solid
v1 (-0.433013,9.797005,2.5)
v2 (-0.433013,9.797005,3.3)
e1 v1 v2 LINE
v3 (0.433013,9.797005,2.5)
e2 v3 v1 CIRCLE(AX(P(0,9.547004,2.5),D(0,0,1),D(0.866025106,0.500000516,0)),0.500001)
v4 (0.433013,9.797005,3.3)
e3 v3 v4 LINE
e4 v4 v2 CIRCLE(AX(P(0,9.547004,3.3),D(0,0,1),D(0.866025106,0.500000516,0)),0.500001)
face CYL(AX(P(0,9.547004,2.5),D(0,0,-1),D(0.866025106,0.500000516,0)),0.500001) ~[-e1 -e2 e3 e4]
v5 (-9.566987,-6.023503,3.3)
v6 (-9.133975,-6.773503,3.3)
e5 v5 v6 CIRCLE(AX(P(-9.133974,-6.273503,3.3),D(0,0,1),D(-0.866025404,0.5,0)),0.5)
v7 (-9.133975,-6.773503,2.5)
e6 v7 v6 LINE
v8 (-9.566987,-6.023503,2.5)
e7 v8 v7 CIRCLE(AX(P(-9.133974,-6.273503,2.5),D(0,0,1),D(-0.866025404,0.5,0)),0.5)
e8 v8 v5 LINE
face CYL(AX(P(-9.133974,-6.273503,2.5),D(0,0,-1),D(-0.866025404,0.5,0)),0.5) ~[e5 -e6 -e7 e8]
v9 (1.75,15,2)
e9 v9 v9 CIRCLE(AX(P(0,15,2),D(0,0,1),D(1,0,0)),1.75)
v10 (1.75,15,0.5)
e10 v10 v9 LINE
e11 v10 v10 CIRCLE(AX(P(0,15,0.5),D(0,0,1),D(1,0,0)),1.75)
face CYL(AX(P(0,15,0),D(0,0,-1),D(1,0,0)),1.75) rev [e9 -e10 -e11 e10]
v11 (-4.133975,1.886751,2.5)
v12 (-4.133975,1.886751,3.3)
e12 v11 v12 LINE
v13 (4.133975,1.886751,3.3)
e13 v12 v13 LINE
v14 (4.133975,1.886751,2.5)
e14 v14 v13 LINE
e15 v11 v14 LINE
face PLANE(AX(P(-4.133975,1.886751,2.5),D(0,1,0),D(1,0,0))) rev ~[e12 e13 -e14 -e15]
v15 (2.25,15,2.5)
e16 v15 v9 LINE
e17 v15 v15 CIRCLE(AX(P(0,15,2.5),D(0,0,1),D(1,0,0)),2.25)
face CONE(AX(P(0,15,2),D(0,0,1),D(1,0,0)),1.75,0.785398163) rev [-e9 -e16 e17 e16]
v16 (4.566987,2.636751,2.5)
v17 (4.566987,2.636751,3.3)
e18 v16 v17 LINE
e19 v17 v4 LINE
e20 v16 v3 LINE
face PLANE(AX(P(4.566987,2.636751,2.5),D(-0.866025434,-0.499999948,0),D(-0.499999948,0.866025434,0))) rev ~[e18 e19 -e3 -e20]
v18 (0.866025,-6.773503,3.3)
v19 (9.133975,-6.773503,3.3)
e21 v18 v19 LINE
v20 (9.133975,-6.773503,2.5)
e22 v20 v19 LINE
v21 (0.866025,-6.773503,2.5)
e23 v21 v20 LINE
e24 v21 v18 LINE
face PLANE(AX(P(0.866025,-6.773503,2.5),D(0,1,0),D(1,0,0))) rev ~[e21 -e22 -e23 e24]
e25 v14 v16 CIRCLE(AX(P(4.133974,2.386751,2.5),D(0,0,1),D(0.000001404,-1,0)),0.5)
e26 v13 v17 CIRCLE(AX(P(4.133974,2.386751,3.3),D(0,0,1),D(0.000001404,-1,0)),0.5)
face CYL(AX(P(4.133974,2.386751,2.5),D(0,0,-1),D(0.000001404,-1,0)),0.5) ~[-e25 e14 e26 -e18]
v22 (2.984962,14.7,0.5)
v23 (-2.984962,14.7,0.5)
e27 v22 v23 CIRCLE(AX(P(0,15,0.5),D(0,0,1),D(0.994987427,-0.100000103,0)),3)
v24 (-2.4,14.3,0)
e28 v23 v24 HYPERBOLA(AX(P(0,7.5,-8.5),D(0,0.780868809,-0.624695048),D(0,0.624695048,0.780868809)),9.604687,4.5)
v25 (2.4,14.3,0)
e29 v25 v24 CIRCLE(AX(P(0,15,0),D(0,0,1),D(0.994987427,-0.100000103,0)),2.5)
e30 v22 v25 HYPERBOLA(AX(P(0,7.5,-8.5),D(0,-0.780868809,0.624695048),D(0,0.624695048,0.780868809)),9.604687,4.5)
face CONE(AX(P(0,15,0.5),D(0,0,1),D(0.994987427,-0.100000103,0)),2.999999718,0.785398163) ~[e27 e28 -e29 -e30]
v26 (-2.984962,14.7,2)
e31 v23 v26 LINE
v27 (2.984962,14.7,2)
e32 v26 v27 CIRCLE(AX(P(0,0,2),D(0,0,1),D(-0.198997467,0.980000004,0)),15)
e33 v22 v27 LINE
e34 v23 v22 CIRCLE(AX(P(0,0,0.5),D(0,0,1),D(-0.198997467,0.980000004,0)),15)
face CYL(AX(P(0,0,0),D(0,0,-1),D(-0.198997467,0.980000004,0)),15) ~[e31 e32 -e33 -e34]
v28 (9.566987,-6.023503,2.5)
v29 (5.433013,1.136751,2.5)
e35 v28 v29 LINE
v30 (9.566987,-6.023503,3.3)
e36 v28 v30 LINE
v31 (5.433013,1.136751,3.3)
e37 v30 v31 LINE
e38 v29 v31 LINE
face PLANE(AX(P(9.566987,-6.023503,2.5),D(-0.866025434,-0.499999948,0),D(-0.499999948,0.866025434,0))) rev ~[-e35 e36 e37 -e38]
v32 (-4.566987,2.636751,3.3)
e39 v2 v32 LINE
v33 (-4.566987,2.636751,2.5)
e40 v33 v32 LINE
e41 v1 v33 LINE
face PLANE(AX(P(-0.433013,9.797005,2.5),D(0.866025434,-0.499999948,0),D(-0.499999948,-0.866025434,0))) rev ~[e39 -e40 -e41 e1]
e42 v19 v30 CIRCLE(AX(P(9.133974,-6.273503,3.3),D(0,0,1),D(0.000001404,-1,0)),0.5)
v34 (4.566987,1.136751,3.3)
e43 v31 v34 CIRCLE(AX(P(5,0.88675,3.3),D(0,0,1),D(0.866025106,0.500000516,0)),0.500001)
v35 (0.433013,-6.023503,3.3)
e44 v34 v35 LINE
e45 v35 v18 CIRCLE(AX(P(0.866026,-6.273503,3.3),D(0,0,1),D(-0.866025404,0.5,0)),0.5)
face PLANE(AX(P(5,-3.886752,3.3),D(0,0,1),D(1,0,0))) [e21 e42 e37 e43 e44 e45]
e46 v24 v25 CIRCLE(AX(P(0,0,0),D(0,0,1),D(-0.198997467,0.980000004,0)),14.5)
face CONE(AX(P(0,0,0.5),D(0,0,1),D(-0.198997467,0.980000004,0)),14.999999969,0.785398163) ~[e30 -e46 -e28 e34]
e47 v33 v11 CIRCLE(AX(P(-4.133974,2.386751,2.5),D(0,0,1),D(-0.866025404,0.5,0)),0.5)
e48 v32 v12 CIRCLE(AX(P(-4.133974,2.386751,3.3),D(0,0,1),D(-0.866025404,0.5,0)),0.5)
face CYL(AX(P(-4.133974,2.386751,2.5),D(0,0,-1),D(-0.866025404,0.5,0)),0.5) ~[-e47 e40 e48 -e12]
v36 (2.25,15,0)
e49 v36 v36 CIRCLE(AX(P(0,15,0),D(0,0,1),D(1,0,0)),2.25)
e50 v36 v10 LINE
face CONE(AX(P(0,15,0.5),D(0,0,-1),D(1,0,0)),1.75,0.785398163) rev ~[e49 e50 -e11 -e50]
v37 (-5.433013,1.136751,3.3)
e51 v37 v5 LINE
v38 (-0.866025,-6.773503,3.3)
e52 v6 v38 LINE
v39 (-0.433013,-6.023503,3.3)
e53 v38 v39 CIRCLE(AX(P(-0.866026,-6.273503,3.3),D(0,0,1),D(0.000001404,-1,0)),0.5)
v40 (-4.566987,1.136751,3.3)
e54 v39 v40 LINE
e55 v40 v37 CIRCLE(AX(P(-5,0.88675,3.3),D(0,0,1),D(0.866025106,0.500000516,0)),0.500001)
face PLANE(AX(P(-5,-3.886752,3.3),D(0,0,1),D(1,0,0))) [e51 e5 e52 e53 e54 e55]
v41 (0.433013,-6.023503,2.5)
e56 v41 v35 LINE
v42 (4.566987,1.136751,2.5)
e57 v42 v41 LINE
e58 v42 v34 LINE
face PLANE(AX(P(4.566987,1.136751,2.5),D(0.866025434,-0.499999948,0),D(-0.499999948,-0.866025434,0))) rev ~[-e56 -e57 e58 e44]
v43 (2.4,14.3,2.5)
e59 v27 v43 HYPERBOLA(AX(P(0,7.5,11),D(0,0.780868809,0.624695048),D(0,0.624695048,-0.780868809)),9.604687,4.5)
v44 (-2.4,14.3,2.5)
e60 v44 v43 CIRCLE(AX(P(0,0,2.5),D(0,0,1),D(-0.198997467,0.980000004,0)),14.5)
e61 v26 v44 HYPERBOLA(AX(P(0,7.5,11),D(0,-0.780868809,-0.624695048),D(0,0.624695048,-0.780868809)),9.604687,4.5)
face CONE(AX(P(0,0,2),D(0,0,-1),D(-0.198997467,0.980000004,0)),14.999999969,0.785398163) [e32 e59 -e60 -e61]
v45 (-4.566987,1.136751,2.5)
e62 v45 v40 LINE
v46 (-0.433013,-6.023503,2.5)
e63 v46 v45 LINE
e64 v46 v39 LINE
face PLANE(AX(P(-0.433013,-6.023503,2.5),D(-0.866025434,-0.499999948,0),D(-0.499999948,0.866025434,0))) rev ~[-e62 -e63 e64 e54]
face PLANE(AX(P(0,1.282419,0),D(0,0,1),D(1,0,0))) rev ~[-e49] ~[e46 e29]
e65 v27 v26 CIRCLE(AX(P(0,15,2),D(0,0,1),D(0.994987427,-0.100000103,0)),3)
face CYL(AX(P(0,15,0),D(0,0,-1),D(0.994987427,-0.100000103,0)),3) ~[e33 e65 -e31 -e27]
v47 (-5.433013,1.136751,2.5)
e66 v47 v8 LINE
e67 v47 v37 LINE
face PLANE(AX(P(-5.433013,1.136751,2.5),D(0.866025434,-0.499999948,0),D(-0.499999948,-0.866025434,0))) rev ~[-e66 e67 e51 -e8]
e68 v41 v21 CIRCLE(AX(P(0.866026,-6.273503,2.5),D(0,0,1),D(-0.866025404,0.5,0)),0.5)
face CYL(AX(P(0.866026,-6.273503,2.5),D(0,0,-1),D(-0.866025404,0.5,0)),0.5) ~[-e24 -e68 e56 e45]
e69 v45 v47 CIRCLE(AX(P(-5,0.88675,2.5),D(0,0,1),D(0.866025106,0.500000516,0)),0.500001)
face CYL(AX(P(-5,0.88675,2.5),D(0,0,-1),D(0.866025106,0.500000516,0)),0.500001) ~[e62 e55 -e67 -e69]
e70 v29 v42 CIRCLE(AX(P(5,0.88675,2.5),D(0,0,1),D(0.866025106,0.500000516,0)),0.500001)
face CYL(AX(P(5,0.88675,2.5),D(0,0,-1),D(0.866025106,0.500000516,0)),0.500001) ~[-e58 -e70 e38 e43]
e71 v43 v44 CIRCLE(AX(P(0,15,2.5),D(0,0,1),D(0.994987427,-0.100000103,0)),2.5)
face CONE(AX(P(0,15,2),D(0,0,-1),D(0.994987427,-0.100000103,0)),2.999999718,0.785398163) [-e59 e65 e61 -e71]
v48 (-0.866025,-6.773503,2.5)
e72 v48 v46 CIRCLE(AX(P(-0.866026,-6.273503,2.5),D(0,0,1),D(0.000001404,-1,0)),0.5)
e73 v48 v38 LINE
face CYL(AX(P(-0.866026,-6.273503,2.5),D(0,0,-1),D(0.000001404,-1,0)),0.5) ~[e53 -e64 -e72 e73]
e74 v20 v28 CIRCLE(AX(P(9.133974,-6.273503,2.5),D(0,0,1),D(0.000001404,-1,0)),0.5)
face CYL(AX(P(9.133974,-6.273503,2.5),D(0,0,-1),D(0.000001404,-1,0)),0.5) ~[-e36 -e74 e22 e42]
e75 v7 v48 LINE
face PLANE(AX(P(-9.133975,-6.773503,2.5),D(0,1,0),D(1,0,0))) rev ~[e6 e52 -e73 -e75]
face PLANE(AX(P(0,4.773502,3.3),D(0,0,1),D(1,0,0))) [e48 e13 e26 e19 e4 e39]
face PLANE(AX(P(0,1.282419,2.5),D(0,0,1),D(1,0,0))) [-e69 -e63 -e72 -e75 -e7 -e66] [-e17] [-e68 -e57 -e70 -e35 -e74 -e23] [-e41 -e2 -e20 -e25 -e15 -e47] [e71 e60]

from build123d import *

# Parameters (mm, degrees)
F0_R     = 1.75
F1_DEPTH = 2.5
F3_DEPTH = 0.8
F4_SIZE  = 0.5


with BuildPart() as f1:
    # F0 (on Top) → F1 (new body)
    with BuildSketch(Plane.XY):
        with BuildLine():
            ThreePointArc((2.984962, 14.7), (0, 18), (-2.984962, 14.7))
            ThreePointArc((-2.984962, 14.7), (0, -15), (2.984962, 14.7))
        make_face()
        with Locations((0, 15)):
            Circle(F0_R, mode=Mode.SUBTRACT)
    extrude(amount=F1_DEPTH)

    # F2 (on face) → F3 (join)
    with BuildSketch(Plane.XY.offset(2.5)):
        with BuildLine():
            Line((-4.133975, 1.886751), (4.133975, 1.886751))
            ThreePointArc((4.133975, 1.886751), (4.566987, 2.136751), (4.566987, 2.636751))
            Line((4.566987, 2.636751), (0.433013, 9.797005))
            ThreePointArc((0.433013, 9.797005), (0, 10.047005), (-0.433013, 9.797005))
            Line((-0.433013, 9.797005), (-4.566987, 2.636751))
            ThreePointArc((-4.566987, 2.636751), (-4.566987, 2.136751), (-4.133975, 1.886751))
        make_face()
        with BuildLine():
            ThreePointArc((-4.566987, 1.136751), (-5, 1.386751), (-5.433013, 1.136751))
            Line((-5.433013, 1.136751), (-9.566987, -6.023503))
            ThreePointArc((-9.566987, -6.023503), (-9.566987, -6.523503), (-9.133975, -6.773503))
            Line((-9.133975, -6.773503), (-0.866025, -6.773503))
            ThreePointArc((-0.866025, -6.773503), (-0.433013, -6.523503), (-0.433013, -6.023503))
            Line((-0.433013, -6.023503), (-4.566987, 1.136751))
        make_face()
        with BuildLine():
            Line((4.566987, 1.136751), (0.433013, -6.023503))
            ThreePointArc((0.433013, -6.023503), (0.433013, -6.523503), (0.866025, -6.773503))
            Line((0.866025, -6.773503), (9.133975, -6.773503))
            ThreePointArc((9.133975, -6.773503), (9.566987, -6.523503), (9.566987, -6.023503))
            Line((9.566987, -6.023503), (5.433013, 1.136751))
            ThreePointArc((5.433013, 1.136751), (5, 1.386751), (4.566987, 1.136751))
        make_face()
    extrude(amount=F3_DEPTH)

    # F4
    f4_edges = [f1.edges().sort_by_distance(p)[0] for p in [
        (0, -15, 2.5),
        (0, -15, 0),
        (0, 18, 2.5),
        (0, 18, 0),
        (-1.75, 15, 0),
        (-1.75, 15, 2.5),
    ]]
    chamfer(f4_edges, length=F4_SIZE)


solid = f1.part
